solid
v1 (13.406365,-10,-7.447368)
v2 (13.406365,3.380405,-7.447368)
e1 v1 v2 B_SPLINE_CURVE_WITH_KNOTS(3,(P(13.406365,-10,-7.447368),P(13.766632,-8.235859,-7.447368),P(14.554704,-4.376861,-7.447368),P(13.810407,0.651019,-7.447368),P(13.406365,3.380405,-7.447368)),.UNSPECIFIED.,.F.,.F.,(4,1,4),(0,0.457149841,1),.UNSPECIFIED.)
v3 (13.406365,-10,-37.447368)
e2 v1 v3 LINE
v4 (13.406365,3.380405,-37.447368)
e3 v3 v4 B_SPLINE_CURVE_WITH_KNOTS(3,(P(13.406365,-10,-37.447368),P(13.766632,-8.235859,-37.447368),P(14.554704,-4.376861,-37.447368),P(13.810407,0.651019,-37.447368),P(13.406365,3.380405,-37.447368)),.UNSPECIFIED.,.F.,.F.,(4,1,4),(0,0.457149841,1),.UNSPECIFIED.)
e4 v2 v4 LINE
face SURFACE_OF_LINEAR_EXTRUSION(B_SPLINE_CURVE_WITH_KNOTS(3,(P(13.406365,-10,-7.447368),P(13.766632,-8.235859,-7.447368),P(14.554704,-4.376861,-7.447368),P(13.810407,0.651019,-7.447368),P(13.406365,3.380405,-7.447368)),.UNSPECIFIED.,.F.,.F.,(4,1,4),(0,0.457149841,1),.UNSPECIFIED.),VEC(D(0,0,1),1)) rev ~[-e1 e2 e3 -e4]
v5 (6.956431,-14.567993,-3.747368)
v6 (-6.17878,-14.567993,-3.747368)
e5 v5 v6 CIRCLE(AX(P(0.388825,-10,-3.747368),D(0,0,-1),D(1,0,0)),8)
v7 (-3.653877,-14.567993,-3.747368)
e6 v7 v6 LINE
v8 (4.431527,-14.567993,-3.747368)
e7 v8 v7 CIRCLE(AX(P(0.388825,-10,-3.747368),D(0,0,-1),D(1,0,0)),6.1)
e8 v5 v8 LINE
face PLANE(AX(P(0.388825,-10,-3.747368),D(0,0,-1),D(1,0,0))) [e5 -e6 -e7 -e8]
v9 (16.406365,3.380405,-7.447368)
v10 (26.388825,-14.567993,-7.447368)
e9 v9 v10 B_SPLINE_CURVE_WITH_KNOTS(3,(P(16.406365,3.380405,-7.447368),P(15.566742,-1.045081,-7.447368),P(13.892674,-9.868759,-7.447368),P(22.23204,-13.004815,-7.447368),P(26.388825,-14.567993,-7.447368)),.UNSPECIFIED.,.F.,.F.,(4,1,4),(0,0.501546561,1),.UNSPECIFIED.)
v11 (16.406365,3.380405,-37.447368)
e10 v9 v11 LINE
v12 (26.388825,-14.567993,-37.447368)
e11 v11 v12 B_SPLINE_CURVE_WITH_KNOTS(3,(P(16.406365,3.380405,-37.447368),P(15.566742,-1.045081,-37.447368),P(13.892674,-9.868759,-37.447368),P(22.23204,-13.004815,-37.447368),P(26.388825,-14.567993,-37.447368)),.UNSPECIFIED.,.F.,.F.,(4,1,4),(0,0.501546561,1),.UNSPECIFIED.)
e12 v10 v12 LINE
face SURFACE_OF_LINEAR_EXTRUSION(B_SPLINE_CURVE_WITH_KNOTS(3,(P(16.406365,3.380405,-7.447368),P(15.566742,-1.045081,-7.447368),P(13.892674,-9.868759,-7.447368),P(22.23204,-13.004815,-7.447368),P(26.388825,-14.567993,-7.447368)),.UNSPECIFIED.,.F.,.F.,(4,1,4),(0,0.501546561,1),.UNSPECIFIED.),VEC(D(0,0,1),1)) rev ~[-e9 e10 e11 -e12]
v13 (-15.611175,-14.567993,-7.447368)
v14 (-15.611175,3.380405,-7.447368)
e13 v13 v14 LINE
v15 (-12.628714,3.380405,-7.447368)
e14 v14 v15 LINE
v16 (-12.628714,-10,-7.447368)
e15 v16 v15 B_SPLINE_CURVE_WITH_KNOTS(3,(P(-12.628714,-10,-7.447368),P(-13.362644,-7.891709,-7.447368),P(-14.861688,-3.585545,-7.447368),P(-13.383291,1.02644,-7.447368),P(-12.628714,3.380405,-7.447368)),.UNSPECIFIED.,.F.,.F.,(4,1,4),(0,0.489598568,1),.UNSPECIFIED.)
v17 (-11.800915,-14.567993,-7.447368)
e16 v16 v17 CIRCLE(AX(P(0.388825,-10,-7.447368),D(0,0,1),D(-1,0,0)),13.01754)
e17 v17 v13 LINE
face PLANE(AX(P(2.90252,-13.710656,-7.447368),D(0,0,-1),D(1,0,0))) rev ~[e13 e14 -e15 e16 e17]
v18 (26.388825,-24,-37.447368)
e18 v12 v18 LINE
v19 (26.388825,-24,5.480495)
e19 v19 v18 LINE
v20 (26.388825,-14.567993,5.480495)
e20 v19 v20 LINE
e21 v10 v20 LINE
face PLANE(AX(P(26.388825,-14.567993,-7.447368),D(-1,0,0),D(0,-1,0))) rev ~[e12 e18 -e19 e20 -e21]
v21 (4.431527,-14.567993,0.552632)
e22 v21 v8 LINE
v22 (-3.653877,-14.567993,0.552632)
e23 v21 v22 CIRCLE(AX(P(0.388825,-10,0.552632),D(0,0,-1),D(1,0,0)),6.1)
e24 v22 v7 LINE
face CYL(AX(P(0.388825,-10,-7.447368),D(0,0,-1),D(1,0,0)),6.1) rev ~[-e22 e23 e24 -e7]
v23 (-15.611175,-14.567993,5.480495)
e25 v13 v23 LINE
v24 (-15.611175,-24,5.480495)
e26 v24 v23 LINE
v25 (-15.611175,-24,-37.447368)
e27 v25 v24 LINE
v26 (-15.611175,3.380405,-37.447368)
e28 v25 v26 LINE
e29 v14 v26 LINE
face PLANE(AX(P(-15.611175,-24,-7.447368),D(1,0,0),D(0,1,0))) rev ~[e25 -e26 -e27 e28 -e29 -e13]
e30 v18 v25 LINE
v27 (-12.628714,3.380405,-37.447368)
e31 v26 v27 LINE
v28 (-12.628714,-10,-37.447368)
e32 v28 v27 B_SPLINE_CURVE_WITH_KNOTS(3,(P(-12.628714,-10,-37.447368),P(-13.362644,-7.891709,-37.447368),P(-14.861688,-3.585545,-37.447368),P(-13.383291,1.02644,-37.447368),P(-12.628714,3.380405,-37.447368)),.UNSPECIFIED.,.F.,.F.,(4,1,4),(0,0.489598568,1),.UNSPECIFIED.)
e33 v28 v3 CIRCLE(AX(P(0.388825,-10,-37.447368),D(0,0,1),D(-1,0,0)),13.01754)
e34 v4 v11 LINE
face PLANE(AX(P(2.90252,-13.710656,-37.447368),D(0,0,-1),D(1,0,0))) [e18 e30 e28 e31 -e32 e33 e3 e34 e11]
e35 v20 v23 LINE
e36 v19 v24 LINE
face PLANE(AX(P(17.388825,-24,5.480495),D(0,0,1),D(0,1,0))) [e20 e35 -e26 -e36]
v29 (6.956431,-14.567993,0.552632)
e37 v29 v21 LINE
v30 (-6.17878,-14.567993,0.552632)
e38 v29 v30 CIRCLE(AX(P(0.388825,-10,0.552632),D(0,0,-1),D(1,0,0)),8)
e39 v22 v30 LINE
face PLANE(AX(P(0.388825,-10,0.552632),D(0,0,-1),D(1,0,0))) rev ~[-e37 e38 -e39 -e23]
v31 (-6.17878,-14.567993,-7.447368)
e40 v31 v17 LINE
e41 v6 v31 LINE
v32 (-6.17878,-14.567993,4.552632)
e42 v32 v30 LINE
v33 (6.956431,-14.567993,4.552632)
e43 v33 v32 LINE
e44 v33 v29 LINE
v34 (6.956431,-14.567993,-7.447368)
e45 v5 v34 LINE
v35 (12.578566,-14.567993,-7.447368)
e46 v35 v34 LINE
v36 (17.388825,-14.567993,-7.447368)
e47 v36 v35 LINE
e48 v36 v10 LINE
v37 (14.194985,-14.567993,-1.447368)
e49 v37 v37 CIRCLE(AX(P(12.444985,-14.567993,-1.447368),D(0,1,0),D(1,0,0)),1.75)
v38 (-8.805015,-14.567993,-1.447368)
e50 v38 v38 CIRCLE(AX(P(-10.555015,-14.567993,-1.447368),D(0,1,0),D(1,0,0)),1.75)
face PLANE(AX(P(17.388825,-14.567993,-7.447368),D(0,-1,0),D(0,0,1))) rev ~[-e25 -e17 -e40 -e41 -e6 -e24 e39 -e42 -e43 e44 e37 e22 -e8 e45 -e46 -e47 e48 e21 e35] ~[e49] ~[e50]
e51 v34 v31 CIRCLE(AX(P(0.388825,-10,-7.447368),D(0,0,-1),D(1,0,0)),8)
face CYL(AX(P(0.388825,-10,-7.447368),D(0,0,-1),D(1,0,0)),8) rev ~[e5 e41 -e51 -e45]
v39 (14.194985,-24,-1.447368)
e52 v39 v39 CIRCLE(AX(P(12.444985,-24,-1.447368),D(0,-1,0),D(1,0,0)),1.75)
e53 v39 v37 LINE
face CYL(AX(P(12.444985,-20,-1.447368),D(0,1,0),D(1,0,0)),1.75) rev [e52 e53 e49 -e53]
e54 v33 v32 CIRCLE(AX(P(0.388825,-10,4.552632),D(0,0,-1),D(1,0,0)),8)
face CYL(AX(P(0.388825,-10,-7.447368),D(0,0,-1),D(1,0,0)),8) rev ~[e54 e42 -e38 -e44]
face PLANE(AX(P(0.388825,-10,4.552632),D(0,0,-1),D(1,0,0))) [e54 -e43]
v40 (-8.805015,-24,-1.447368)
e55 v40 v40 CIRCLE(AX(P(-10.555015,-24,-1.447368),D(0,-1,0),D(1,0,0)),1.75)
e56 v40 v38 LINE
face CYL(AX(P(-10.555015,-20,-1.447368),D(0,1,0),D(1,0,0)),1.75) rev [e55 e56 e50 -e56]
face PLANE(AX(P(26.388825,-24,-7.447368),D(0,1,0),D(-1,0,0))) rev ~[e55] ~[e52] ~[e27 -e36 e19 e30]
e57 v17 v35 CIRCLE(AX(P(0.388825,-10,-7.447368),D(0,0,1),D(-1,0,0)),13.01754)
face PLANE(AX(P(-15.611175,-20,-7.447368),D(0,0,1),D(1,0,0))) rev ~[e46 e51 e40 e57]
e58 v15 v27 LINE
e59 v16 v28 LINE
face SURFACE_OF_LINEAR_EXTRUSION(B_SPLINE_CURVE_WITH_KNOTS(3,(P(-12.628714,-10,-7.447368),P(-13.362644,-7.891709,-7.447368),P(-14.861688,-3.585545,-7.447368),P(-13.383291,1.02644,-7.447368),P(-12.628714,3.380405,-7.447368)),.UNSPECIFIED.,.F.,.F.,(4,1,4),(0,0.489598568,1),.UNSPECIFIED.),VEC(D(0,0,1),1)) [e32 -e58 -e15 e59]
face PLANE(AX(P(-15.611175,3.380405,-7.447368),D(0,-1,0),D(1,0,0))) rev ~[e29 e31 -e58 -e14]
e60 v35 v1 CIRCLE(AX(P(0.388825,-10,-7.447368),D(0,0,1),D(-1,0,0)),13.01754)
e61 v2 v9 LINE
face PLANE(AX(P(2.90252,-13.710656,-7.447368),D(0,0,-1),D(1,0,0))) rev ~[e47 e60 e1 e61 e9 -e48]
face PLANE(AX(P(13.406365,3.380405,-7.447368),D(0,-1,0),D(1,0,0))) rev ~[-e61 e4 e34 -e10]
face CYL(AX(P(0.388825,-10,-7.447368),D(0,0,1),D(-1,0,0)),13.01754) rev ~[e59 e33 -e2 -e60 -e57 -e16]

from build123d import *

# Parameters (mm, degrees)
F0_W      = 33
F0_H      = 12.9278630987
F0_R      = 1.75
F1_DEPTH  = 20
F2_R      = 8
F3_DEPTH  = 12
F4_R      = 8
F5_DEPTH  = 8
F6_R      = 6.1
F7_DEPTH  = 8
F8_R      = 8
F9_DEPTH  = 3.7
F12_DEPTH = 25
F13_DEPTH = 4
F14_DEPTH = 9
F16_DEPTH = 30


with BuildPart() as f1:
    # F0 (on Front) → F1 (new body)
    with BuildSketch(Plane.XZ):
        with Locations((0.8888252785, -0.9834368717)):
            Rectangle(F0_W, F0_H)
        with Locations((-10.5550148675, -1.4473684211)):
            Circle(F0_R, mode=Mode.SUBTRACT)
        with Locations((12.4449851325, -1.4473684211)):
            Circle(F0_R, mode=Mode.SUBTRACT)
    extrude(amount=F1_DEPTH)

    # F2 (on face) → F3 (cut)
    with BuildSketch(Plane(origin=(0, 0, -7.4473684211), x_dir=(1, 0, 0), z_dir=(0, 0, -1))):
        with Locations((0.3888252785, 10)):
            Circle(F2_R)
    extrude(amount=-F3_DEPTH, mode=Mode.SUBTRACT)

    # F4 (on face) → F5 (join)
    with BuildSketch(Plane(origin=(0, 0, -7.4473684211), x_dir=(1, 0, 0), z_dir=(0, 0, -1))):
        with Locations((0.3888252785, 10)):
            Circle(F4_R)
    extrude(amount=-F5_DEPTH)

    # F6 (on face) → F7 (cut)
    with BuildSketch(Plane(origin=(0, 0, -7.4473684211), x_dir=(1, 0, 0), z_dir=(0, 0, -1))):
        with Locations((0.3888252785, 10)):
            Circle(F6_R)
    extrude(amount=-F7_DEPTH, mode=Mode.SUBTRACT)

    # F8 (on face) → F9 (cut)
    with BuildSketch(Plane(origin=(0, 0, -7.4473684211), x_dir=(1, 0, 0), z_dir=(0, 0, -1))):
        with Locations((0.3888252785, 10)):
            Circle(F8_R)
    extrude(amount=-F9_DEPTH, mode=Mode.SUBTRACT)

    # F11 (on face) → F12 (cut)
    with BuildSketch(Plane(origin=(0, 0, -7.4473684211), x_dir=(1, 0, 0), z_dir=(0, 0, -1))):
        Polygon((18.0706698447, 0), (18.0706698447, 14.5679928681), (-16.9293301553, 14.5679928681), (-16.9293301553, -7.1319e-06), (-16.9293301553, -2.274), (18.0706698447, -2.274), align=None)
    extrude(amount=-F12_DEPTH, mode=Mode.SUBTRACT)

    # F13 (add): a face of the model
    f13_faces = [f1.faces().sort_by_distance(p)[0] for p in [
        (0.8861725966, -20, -0.9615233022),
    ]]
    extrude(f13_faces, amount=F13_DEPTH)

    # F14 (add): a face of the model
    f14_faces = [f1.faces().sort_by_distance(p)[0] for p in [
        (17.3888252785, -19.2839964341, -0.9834368717),
    ]]
    extrude(f14_faces, amount=F14_DEPTH)

    # F15 (on face) → F16 (join)
    with BuildSketch(Plane(origin=(0, 0, -7.4473684211), x_dir=(1, 0, 0), z_dir=(0, 0, -1))):
        with BuildLine():
            ThreePointArc((-12.6287143665, 10), (0.3888252785, 23.0175396451), (13.4063649236, 10))
            add(Edge.make_bspline(
                [(13.4063649236, 10), (13.7666319519, 8.2358593285), (14.5547040376, 4.3768605613), (13.8104067985, -0.6510192147), (13.4063649236, -3.3804045524)],
                knots=[0, 0, 0, 0, 0.4571498406, 1, 1, 1, 1], degree=3))
            Line((13.4063649236, -3.3804045524), (16.4063649236, -3.3804045524))
            add(Edge.make_bspline(
                [(16.4063649236, -3.3804045524), (15.566742052, 1.0450810293), (13.8926744037, 9.8687594815), (22.2320398777, 13.0048151399), (26.3888252785, 14.5679928681)],
                knots=[0, 0, 0, 0, 0.5015465609, 1, 1, 1, 1], degree=3))
            Line((26.3888252785, 14.5679928681), (26.3888252785, 24))
            Line((26.3888252785, 24), (-15.6111747215, 24))
            Line((-15.6111747215, 24), (-15.6111747215, 14.5679928681))
            Line((-15.6111747215, 14.5679928681), (-15.6111747215, -3.3804045524))
            Line((-15.6111747215, -3.3804045524), (-12.6287143665, -3.3804045524))
            add(Edge.make_bspline(
                [(-12.6287143665, 10), (-13.3626442538, 7.8917086009), (-14.8616884424, 3.585545268), (-13.3832906948, -1.0264404402), (-12.6287143665, -3.3804045524)],
                knots=[0, 0, 0, 0, 0.4895985675, 1, 1, 1, 1], degree=3))
        make_face()
    extrude(amount=F16_DEPTH)


solid = f1.part
